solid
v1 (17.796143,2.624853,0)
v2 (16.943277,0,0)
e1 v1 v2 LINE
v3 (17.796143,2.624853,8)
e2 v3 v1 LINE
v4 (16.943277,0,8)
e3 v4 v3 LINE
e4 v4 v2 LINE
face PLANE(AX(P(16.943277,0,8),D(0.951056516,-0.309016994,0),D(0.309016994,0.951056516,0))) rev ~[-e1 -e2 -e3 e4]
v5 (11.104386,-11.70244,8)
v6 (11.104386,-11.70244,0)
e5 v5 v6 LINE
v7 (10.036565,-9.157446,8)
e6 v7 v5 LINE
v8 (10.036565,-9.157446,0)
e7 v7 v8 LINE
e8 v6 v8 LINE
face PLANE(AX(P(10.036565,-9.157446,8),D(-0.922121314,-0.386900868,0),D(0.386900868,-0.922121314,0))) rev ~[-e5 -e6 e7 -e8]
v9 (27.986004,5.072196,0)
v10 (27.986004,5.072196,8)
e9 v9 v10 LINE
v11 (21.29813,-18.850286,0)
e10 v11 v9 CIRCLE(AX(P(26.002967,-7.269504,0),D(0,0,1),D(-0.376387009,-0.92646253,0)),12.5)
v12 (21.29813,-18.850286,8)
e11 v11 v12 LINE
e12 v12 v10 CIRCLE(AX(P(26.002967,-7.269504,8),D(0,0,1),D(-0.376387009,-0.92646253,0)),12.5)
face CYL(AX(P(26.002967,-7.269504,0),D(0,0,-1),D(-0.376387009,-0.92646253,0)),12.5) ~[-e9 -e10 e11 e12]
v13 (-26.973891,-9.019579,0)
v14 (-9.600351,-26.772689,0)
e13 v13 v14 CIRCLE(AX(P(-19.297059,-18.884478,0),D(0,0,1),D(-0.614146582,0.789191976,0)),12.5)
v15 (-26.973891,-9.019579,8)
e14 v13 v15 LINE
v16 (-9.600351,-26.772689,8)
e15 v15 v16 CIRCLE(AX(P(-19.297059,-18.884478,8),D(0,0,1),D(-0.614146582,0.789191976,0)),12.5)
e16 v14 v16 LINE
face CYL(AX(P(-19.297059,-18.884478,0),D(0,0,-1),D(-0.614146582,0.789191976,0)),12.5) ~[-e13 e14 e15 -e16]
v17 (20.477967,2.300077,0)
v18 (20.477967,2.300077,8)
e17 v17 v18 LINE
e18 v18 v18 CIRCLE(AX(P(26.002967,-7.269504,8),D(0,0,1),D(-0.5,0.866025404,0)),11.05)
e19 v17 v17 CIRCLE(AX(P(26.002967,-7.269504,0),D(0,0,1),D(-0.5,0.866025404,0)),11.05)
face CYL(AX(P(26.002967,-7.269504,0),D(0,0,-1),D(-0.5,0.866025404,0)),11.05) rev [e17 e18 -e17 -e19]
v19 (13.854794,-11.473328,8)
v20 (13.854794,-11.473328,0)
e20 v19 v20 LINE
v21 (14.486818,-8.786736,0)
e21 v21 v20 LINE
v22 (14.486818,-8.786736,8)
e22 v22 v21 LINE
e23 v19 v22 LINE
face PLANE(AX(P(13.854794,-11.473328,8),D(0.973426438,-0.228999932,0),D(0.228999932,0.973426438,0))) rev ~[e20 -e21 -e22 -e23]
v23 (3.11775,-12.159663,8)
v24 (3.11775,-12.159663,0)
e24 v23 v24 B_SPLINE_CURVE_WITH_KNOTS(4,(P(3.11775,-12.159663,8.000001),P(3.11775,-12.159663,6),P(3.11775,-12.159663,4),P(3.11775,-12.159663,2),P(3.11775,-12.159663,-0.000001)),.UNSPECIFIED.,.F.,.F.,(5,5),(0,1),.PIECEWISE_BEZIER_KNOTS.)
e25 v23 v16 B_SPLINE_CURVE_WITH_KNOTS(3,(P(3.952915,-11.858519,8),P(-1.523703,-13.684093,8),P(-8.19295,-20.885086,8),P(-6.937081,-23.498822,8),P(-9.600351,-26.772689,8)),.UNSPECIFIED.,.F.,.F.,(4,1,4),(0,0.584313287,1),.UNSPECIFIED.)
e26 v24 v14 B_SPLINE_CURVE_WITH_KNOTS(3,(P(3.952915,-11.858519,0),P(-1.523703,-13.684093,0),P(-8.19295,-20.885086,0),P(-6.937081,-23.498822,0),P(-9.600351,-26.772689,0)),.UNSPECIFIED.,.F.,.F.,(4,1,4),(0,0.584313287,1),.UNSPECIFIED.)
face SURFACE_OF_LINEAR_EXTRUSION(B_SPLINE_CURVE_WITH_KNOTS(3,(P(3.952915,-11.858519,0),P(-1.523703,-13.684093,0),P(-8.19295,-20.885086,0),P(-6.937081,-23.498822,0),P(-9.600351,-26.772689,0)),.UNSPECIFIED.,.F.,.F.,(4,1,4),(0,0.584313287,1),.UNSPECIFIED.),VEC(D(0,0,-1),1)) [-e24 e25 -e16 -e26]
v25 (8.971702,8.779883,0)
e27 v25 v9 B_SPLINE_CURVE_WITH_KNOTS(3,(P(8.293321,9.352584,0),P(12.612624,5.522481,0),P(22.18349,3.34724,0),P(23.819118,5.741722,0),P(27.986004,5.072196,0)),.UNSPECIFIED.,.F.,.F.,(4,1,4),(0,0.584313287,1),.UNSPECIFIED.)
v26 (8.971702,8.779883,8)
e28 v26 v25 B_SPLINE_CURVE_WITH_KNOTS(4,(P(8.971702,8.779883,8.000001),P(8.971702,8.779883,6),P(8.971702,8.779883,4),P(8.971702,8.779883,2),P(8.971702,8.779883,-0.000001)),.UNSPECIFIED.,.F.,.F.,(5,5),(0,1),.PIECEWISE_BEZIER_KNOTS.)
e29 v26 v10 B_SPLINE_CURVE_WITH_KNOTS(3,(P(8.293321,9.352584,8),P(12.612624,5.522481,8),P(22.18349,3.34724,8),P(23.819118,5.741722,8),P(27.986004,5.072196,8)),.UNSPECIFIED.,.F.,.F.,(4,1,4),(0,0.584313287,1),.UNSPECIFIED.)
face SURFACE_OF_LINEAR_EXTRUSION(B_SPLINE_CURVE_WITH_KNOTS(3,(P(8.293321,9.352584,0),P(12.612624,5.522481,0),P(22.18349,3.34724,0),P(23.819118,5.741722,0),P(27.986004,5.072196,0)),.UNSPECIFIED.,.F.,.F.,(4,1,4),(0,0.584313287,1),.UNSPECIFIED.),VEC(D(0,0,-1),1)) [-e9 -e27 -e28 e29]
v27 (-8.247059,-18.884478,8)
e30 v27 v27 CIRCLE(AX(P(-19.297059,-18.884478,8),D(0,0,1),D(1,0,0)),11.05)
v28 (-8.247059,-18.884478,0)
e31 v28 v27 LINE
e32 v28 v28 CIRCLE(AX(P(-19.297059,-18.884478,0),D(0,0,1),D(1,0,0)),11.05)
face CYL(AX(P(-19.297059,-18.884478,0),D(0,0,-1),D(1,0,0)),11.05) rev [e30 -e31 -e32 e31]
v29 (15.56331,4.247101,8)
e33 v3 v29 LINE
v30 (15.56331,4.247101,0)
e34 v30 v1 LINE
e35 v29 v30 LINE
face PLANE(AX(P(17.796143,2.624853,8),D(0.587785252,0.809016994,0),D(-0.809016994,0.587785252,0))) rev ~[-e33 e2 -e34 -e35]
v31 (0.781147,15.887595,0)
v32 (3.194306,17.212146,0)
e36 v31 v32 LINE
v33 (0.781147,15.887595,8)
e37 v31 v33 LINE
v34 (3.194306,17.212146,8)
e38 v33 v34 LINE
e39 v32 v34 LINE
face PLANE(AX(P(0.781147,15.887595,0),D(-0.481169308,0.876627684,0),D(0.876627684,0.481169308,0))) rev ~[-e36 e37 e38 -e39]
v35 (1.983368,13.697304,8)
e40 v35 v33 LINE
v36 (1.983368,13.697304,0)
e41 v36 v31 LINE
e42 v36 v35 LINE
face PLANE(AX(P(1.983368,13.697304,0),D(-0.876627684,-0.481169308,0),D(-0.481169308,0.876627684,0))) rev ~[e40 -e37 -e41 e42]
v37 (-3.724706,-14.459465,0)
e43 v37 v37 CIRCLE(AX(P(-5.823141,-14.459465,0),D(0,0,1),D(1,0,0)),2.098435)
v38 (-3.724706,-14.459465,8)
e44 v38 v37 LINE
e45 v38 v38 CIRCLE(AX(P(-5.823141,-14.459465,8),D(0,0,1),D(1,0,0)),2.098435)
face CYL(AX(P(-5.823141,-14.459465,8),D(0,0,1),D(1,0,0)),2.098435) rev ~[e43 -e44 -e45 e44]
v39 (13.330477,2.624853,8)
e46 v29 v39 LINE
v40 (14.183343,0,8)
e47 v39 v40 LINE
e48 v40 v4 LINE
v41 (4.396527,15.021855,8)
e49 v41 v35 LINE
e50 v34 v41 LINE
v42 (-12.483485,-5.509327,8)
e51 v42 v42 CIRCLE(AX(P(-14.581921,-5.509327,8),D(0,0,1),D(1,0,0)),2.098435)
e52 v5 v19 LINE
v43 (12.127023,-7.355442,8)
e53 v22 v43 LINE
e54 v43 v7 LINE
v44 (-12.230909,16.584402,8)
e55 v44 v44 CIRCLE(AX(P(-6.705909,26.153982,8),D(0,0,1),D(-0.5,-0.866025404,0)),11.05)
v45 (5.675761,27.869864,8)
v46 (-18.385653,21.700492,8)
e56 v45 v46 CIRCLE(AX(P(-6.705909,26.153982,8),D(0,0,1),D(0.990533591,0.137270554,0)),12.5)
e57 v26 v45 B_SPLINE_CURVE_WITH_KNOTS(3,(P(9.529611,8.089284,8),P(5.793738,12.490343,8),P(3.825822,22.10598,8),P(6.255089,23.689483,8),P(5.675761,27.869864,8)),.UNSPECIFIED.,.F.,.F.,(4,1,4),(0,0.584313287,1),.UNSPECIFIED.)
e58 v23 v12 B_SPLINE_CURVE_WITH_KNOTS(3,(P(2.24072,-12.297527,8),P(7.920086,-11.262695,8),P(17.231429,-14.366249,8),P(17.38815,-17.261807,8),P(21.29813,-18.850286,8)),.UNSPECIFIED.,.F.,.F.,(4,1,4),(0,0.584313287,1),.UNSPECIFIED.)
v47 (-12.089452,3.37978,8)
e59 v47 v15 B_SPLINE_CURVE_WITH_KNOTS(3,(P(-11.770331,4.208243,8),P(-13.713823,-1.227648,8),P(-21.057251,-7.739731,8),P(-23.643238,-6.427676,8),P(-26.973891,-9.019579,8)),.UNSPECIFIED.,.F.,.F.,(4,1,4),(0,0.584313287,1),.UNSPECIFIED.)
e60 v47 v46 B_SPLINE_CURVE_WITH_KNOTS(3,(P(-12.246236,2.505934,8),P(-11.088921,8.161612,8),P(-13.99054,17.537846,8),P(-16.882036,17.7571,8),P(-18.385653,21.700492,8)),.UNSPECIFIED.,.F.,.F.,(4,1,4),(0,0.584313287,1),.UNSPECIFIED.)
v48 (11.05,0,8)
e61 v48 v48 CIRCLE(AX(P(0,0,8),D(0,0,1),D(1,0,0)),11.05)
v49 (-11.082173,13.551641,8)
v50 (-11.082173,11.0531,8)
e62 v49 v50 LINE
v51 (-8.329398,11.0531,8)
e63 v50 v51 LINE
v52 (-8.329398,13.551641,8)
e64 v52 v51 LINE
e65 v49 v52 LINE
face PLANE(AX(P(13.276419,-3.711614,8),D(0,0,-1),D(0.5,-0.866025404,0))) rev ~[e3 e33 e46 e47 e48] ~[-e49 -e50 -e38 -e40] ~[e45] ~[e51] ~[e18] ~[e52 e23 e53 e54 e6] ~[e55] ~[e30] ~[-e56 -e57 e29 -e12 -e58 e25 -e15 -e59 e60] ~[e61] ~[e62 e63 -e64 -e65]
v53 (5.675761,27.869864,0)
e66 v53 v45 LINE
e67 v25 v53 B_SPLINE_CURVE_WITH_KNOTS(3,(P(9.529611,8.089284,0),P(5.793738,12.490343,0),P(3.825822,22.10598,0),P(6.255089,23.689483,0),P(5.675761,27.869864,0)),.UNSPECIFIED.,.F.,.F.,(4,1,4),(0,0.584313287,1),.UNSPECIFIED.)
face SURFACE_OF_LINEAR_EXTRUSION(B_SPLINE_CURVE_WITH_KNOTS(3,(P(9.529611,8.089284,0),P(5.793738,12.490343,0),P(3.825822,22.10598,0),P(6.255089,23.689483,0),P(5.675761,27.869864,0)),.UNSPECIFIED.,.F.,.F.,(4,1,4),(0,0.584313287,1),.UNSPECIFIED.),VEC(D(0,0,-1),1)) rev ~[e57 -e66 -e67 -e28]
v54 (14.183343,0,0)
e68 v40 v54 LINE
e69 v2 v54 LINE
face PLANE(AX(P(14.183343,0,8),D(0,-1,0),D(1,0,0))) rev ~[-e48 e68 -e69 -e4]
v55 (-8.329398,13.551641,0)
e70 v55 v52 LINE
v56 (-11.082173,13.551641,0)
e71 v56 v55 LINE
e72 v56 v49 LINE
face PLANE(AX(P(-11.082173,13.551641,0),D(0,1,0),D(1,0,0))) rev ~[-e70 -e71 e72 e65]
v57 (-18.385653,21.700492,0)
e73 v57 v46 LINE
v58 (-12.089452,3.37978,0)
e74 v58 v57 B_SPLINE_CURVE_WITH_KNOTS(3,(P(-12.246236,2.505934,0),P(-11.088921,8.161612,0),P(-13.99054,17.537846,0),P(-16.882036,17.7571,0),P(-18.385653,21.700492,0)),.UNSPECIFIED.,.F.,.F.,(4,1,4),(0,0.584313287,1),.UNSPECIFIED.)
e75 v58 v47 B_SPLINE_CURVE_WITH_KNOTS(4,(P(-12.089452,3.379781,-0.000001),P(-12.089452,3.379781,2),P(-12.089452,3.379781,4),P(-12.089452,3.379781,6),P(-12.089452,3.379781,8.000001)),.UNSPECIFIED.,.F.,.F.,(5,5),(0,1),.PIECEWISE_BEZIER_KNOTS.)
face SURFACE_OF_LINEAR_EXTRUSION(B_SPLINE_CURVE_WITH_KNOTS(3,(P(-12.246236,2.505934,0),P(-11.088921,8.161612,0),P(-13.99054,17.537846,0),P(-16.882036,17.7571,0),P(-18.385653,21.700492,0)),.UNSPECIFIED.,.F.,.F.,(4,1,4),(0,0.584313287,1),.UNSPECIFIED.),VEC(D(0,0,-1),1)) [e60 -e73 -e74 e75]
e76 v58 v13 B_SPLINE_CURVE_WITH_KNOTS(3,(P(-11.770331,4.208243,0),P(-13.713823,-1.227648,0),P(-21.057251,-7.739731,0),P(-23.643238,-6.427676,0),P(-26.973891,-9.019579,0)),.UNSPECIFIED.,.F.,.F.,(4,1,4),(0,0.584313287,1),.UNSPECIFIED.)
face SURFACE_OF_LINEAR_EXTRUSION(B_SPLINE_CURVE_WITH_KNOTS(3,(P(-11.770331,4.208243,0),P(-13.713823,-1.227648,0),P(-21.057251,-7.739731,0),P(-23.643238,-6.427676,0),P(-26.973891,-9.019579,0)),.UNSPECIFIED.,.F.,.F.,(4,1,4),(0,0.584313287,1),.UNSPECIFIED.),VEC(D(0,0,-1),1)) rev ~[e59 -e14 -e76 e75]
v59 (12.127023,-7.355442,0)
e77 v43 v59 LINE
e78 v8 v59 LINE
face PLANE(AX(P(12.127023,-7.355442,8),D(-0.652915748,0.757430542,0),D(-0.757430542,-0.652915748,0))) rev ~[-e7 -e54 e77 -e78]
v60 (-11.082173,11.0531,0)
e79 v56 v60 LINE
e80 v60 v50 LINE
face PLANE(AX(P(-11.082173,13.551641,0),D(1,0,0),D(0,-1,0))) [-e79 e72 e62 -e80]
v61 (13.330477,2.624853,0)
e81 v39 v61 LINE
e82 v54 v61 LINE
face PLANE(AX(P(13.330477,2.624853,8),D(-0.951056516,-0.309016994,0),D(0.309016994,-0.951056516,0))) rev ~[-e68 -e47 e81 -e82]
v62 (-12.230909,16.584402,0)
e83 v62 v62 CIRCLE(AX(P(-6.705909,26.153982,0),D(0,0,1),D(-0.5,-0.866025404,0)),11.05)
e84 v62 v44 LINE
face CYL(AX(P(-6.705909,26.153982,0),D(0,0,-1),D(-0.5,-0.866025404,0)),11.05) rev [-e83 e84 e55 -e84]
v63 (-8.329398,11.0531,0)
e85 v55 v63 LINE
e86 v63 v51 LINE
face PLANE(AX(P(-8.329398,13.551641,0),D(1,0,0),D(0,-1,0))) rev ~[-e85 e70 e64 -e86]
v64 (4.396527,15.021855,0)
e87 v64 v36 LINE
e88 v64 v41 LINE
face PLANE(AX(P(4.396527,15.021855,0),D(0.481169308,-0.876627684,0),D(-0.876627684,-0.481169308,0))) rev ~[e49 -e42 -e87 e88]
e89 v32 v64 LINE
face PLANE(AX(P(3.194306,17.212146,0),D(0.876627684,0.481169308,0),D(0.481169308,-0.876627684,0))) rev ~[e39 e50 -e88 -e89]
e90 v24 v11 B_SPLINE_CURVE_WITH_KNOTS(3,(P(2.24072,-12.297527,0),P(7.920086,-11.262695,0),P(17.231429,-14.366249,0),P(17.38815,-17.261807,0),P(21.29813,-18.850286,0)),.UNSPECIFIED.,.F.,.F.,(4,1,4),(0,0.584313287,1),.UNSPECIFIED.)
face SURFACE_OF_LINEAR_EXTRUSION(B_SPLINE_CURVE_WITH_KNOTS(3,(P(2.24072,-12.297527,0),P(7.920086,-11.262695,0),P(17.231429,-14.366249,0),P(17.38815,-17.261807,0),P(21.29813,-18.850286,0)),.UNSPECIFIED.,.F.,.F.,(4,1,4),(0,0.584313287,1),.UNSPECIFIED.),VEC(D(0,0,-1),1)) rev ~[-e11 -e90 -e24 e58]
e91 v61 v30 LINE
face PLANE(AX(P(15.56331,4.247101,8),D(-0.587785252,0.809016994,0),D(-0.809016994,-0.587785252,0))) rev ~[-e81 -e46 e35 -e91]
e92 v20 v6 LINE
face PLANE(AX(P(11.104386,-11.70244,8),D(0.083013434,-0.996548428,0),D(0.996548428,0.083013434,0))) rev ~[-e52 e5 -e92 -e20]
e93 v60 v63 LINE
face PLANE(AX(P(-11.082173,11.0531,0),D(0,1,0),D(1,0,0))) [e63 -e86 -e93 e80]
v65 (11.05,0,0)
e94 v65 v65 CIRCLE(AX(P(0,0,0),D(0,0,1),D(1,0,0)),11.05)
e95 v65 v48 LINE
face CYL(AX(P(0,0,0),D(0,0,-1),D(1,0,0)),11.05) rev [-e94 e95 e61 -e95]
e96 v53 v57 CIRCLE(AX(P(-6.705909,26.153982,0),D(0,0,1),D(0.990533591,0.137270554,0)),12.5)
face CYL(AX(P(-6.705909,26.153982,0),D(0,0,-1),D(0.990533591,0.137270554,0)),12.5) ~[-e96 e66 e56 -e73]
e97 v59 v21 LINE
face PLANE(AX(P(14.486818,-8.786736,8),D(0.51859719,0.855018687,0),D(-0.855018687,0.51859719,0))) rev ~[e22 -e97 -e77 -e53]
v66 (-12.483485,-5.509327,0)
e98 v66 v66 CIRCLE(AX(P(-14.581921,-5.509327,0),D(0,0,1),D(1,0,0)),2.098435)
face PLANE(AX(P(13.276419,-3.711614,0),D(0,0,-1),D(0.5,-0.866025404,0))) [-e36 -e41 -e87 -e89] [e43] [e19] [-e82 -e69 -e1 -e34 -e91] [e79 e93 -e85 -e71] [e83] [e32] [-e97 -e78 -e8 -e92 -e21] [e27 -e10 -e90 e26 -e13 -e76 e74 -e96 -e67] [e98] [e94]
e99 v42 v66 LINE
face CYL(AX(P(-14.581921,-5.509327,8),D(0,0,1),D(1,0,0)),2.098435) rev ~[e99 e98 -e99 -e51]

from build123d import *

# Parameters (mm, degrees)
F0_R     = 11.05
F1_DEPTH = 8
F2_COUNT = 3
F3_R     = 2.0984352338
F4_DEPTH = 14.1
F6_DEPTH = 15.9
F7_W     = 2.7527753264
F7_H     = 2.4985410273
F8_DEPTH = 25


with BuildPart() as f1:
    # F0 (on Top) → F1 (new body)
    with BuildSketch(Plane.XY):
        with BuildLine():
            add(Edge.make_bspline(
                [(3.9529151252, -11.8585185421), (-1.5237030188, -13.6840928429), (-8.1929499985, -20.8850864829), (-6.9370814599, -23.4988220036), (-9.6003512524, -26.772688614)],
                knots=[0, 0, 0, 0, 0.584313287, 1, 1, 1, 1], degree=3))
            ThreePointArc((3.9529151252, -11.8585185421), (8.9338235342, 8.7428140241), (-11.7703310249, 4.208242812))
            add(Edge.make_bspline(
                [(-11.7703310249, 4.208242812), (-13.7138232796, -1.2276477019), (-21.0572512178, -7.739731147), (-23.6432383667, -6.4276756511), (-26.9738911144, -9.0195785899)],
                knots=[0, 0, 0, 0, 0.584313287, 1, 1, 1, 1], degree=3))
            ThreePointArc((-26.9738911144, -9.0195785899), (-28.2308823679, -27.6272923163), (-9.6003512524, -26.772688614))
        make_face()
        with Locations((-19.2970588338, -18.8844782921)):
            Circle(F0_R, mode=Mode.SUBTRACT)
        Circle(F0_R, mode=Mode.SUBTRACT)
    extrude(amount=F1_DEPTH)

    # F2: F1 ×3 about axis
    f2_axis = Axis((0, 0, 0), (0, 0, 1))


with BuildPart() as f1_1:
    add(f1.part)
    for i in range(1, F2_COUNT):
        add(f1.part.rotate(f2_axis, i * 360 / F2_COUNT))

    # F3 (on face) → F4 (cut)
    with BuildSketch(Plane.XY.offset(8)):
        with Locations((-5.823141416, -14.4594646389)):
            Circle(F3_R)
        with Locations((-14.5819205791, -5.5093271658)):
            Circle(F3_R)
    extrude(amount=-F4_DEPTH, mode=Mode.SUBTRACT)

    # F5 (on face) → F6 (cut)
    with BuildSketch(Plane.XY.offset(8)):
        Polygon((10.0365653387, -9.1574461857), (11.1043861221, -11.7024399717), (13.8547938152, -11.473328388), (14.4868184692, -8.7867358559), (12.1270234939, -7.355441941), align=None)
        Polygon((14.1833432225, 0), (16.9432770254, 0), (17.7961434739, 2.6248530278), (15.563310124, 4.2471014144), (13.3304767741, 2.6248530278), align=None)
    extrude(amount=-F6_DEPTH, mode=Mode.SUBTRACT)

    # F7 (on face) → F8 (cut)
    with BuildSketch(Plane(origin=(0, 0, 0), x_dir=(1, 0, 0), z_dir=(0, 0, -1))):
        with Locations((-9.7057856619, -12.302370742)):
            Rectangle(F7_W, F7_H)
        Polygon((4.3965273471, -15.0218553299), (1.9833682875, -13.6973043302), (0.7811470297, -15.887594565), (3.1943060893, -17.2121455646), align=None)
    extrude(amount=-F8_DEPTH, mode=Mode.SUBTRACT)


solid = f1_1.part
